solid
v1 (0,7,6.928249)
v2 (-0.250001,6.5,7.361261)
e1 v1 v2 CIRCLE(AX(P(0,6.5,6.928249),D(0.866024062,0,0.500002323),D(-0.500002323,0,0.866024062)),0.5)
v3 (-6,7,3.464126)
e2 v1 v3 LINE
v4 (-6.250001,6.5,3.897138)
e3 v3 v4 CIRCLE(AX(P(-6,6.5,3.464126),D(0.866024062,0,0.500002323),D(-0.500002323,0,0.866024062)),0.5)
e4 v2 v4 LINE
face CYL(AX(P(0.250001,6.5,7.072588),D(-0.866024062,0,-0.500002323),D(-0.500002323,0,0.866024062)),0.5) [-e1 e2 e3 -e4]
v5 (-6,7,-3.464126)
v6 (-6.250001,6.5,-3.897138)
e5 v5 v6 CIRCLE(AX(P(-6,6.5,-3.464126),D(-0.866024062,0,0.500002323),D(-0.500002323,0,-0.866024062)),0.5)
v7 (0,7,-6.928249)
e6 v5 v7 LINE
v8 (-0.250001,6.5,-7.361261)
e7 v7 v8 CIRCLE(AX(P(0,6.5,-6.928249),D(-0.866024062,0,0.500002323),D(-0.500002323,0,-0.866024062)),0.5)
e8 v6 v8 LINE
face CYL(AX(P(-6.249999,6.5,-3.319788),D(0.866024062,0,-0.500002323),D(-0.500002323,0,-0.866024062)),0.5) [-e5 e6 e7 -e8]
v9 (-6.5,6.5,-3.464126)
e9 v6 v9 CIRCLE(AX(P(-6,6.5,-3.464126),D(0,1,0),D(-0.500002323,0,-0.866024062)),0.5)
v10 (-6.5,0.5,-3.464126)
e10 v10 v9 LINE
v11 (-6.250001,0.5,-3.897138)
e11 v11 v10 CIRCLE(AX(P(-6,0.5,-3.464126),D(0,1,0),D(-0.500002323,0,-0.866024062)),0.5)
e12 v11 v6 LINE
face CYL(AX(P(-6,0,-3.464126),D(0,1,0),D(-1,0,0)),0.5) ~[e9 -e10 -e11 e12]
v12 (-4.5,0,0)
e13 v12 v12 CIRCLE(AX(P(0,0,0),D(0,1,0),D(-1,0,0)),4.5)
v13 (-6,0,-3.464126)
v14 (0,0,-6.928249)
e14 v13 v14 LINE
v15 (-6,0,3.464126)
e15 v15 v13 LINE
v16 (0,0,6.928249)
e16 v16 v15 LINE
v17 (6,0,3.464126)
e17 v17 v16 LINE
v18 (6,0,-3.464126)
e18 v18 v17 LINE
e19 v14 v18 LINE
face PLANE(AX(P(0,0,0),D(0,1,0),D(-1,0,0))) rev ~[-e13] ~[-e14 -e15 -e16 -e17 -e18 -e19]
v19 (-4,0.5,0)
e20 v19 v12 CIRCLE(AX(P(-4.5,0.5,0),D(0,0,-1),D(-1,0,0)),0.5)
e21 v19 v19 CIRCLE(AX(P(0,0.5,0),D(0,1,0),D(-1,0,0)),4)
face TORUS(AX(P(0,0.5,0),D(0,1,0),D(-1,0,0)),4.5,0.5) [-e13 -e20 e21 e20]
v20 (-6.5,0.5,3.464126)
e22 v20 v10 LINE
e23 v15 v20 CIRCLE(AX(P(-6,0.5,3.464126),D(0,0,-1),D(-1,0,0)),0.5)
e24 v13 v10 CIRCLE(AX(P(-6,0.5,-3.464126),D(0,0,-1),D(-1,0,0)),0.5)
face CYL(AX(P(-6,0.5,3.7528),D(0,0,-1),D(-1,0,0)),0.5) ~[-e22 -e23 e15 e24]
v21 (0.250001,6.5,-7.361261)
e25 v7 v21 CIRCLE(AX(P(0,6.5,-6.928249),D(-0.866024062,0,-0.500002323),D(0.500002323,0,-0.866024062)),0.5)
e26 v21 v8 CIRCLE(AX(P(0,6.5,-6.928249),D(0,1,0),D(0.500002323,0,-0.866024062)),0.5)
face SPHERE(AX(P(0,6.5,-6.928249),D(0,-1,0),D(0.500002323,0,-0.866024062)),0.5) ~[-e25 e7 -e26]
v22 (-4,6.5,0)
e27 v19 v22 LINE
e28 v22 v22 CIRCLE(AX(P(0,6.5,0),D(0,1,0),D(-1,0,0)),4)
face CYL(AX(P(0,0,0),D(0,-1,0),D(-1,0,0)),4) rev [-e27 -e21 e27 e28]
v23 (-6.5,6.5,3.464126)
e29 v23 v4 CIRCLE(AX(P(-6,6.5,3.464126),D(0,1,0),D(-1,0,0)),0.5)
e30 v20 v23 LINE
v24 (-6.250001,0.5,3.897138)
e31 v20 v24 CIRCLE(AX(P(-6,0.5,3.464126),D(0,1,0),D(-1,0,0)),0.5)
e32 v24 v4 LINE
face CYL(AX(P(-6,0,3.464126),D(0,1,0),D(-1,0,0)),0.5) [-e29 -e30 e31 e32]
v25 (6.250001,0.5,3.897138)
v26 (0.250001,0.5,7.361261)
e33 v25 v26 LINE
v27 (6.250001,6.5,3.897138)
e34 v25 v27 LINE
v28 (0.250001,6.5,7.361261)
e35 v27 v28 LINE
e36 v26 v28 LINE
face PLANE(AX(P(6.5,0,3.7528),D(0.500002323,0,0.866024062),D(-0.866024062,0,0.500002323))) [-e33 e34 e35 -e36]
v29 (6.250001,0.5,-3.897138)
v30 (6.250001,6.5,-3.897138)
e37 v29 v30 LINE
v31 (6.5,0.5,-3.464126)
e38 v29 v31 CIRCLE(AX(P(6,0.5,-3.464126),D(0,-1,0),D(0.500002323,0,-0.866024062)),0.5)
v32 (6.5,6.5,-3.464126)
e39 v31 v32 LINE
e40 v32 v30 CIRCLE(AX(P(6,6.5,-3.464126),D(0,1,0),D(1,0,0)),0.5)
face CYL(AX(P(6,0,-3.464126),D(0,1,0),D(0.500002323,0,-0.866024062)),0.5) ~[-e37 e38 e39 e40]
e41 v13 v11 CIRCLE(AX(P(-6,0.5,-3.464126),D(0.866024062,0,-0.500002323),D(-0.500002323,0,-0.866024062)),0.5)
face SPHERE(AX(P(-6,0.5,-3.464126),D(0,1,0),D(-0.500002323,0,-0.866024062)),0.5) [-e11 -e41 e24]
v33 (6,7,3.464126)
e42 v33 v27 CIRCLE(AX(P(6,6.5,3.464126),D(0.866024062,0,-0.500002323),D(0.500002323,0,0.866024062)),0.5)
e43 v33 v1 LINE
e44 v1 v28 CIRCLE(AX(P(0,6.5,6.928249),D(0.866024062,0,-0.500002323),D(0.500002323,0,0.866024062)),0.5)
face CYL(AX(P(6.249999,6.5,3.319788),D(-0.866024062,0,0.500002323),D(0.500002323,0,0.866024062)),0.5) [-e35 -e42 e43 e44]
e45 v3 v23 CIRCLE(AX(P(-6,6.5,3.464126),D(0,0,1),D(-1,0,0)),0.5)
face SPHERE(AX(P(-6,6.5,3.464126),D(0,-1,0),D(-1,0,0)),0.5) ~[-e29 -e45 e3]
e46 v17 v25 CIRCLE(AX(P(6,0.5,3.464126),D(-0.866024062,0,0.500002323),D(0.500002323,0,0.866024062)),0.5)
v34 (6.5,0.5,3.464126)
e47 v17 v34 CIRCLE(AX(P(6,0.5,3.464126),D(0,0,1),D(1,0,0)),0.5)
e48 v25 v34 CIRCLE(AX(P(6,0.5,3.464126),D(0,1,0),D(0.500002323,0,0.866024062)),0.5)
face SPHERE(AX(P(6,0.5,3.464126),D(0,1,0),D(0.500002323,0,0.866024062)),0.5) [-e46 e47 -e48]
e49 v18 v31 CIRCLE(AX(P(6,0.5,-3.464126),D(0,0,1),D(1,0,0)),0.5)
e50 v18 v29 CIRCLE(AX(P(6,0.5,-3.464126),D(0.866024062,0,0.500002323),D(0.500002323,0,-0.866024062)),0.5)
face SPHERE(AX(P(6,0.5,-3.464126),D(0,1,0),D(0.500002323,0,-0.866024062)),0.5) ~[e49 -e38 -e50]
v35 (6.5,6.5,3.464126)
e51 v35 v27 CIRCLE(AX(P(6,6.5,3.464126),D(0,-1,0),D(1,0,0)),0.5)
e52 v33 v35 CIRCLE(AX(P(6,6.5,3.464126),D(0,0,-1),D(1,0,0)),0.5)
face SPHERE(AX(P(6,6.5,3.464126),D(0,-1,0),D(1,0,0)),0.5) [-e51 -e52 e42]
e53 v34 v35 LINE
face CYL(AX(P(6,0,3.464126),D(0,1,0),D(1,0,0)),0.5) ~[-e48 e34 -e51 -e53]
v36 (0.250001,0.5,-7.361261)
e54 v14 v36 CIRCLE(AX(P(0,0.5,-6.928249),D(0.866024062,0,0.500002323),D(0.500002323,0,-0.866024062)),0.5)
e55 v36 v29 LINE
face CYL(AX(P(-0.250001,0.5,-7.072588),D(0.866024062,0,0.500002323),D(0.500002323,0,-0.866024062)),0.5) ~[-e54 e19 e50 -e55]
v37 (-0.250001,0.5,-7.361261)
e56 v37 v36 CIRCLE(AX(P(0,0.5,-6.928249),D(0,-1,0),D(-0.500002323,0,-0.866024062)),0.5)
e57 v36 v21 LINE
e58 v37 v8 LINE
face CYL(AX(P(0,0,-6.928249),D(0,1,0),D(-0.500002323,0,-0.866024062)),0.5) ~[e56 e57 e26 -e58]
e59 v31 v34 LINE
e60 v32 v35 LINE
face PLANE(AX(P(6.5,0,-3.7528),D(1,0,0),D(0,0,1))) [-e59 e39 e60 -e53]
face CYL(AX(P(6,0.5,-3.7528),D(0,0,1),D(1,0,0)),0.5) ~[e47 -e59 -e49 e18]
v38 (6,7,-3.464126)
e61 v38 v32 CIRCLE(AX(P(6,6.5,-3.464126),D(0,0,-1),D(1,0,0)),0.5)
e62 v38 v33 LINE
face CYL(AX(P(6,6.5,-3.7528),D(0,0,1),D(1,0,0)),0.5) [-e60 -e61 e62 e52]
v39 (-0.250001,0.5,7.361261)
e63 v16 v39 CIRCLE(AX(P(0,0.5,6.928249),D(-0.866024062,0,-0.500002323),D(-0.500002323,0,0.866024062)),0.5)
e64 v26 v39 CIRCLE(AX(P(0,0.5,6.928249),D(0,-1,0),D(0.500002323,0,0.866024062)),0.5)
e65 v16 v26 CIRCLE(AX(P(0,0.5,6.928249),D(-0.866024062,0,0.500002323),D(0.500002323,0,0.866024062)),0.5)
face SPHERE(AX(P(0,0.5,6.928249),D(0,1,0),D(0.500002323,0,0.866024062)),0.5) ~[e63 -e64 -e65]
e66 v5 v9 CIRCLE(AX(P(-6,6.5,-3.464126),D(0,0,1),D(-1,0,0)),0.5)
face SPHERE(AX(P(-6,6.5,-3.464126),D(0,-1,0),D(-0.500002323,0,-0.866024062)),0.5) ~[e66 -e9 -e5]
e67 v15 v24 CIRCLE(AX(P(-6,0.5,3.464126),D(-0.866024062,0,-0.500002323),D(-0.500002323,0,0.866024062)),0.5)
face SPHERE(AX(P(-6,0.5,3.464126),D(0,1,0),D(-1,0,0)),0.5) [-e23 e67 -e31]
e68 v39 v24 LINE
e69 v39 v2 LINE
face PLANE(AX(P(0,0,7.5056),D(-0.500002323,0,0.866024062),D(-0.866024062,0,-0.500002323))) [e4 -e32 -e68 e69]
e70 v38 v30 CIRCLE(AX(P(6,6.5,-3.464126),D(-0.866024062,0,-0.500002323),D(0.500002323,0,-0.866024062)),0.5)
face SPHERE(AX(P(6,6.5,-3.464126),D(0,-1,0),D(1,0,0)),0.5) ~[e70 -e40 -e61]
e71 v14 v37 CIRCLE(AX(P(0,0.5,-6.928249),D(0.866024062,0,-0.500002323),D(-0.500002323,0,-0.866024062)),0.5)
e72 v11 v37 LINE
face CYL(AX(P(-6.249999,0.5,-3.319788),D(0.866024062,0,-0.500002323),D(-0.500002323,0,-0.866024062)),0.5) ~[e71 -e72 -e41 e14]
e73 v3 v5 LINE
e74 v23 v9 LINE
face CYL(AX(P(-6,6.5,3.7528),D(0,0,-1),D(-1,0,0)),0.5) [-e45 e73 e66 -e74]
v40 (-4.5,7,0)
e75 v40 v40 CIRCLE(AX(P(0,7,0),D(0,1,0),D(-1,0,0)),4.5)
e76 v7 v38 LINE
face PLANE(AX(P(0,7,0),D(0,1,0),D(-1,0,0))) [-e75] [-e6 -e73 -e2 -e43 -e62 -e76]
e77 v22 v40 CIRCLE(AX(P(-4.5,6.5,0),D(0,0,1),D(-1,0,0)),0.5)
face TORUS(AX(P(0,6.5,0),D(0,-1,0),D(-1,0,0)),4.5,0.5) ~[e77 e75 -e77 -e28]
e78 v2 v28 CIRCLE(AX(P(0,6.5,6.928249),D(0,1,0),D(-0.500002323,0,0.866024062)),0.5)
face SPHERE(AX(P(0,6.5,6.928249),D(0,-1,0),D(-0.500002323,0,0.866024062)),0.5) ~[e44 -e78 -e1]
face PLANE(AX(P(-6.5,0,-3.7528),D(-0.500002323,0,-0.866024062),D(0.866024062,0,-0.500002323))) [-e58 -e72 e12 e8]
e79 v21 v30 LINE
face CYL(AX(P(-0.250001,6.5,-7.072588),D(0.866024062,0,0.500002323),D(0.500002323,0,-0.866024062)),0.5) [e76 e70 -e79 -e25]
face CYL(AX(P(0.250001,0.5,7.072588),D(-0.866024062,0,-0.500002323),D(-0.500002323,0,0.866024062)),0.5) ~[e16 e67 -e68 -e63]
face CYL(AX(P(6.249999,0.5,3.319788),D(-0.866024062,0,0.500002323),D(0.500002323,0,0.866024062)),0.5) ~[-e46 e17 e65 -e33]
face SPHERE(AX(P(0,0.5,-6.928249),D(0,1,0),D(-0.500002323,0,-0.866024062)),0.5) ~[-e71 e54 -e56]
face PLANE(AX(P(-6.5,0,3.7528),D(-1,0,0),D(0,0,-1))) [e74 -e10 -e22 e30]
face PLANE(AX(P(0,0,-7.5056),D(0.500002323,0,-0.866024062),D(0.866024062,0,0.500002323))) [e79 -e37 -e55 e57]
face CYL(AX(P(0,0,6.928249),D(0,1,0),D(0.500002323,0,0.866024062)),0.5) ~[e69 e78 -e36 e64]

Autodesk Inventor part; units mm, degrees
ref_plane "YZ Plane" through (0, 0, 0) normal (1, 0, 0) x (0, 1, 0)
ref_plane "XZ Plane" through (0, 0, 0) normal (0, 1, 0) x (-1, 0, 0)
ref_plane "XY Plane" through (0, 0, 0) normal (0, 0, 1) x (1, 0, 0)
sketch "Sketch1" plane through (0, 0, 0) normal (0, 1, 0) x (-1, 0, 0)
  circle A0 centre (0, 0) radius 4
  line L0 (6.5, 3.7528) -> (6.5, -3.7528)
  line L1 (6.5, -3.7528) -> (0, -7.5056)
  line L2 (0, -7.5056) -> (-6.5, -3.7528)
  line L3 (-6.5, -3.7528) -> (-6.5, 3.7528)
  line L4 (-6.5, 3.7528) -> (0, 7.5056)
  line L5 (0, 7.5056) -> (6.5, 3.7528)
  dimension "d0" = 8
  dimension "d9" = 13
extrude "Extrusion3" add sketch "Sketch1" along normal blind 7
fillet "Fillet2" radius 0.5 20 edges at (0, 3.5, 7.5056) (6.5, 3.5, 3.7528) (3.25, 0, 5.6292) (6.5, 0, 0) (6.5, 3.5, -3.7528) (6.5, 7, 0) (3.25, 7, -5.6292) (-3.25, 7, -5.6292) (-6.5, 7, 0) (-3.25, 7, 5.6292) (3.25, 7, 5.6292) (-3.25, 0, 5.6292) (-6.5, 3.5, 3.7528) (-6.5, 3.5, -3.7528) (0, 3.5, -7.5056) (-3.25, 0, -5.6292) (3.25, 0, -5.6292) (-6.5, 0, 0) (4, 7, 0) (4, 0, 0)
thread "Thread2" size "M8x1.25" class "6H" standard "ANSI Metric M Profile" full length
properties part number "M3_12mm"
